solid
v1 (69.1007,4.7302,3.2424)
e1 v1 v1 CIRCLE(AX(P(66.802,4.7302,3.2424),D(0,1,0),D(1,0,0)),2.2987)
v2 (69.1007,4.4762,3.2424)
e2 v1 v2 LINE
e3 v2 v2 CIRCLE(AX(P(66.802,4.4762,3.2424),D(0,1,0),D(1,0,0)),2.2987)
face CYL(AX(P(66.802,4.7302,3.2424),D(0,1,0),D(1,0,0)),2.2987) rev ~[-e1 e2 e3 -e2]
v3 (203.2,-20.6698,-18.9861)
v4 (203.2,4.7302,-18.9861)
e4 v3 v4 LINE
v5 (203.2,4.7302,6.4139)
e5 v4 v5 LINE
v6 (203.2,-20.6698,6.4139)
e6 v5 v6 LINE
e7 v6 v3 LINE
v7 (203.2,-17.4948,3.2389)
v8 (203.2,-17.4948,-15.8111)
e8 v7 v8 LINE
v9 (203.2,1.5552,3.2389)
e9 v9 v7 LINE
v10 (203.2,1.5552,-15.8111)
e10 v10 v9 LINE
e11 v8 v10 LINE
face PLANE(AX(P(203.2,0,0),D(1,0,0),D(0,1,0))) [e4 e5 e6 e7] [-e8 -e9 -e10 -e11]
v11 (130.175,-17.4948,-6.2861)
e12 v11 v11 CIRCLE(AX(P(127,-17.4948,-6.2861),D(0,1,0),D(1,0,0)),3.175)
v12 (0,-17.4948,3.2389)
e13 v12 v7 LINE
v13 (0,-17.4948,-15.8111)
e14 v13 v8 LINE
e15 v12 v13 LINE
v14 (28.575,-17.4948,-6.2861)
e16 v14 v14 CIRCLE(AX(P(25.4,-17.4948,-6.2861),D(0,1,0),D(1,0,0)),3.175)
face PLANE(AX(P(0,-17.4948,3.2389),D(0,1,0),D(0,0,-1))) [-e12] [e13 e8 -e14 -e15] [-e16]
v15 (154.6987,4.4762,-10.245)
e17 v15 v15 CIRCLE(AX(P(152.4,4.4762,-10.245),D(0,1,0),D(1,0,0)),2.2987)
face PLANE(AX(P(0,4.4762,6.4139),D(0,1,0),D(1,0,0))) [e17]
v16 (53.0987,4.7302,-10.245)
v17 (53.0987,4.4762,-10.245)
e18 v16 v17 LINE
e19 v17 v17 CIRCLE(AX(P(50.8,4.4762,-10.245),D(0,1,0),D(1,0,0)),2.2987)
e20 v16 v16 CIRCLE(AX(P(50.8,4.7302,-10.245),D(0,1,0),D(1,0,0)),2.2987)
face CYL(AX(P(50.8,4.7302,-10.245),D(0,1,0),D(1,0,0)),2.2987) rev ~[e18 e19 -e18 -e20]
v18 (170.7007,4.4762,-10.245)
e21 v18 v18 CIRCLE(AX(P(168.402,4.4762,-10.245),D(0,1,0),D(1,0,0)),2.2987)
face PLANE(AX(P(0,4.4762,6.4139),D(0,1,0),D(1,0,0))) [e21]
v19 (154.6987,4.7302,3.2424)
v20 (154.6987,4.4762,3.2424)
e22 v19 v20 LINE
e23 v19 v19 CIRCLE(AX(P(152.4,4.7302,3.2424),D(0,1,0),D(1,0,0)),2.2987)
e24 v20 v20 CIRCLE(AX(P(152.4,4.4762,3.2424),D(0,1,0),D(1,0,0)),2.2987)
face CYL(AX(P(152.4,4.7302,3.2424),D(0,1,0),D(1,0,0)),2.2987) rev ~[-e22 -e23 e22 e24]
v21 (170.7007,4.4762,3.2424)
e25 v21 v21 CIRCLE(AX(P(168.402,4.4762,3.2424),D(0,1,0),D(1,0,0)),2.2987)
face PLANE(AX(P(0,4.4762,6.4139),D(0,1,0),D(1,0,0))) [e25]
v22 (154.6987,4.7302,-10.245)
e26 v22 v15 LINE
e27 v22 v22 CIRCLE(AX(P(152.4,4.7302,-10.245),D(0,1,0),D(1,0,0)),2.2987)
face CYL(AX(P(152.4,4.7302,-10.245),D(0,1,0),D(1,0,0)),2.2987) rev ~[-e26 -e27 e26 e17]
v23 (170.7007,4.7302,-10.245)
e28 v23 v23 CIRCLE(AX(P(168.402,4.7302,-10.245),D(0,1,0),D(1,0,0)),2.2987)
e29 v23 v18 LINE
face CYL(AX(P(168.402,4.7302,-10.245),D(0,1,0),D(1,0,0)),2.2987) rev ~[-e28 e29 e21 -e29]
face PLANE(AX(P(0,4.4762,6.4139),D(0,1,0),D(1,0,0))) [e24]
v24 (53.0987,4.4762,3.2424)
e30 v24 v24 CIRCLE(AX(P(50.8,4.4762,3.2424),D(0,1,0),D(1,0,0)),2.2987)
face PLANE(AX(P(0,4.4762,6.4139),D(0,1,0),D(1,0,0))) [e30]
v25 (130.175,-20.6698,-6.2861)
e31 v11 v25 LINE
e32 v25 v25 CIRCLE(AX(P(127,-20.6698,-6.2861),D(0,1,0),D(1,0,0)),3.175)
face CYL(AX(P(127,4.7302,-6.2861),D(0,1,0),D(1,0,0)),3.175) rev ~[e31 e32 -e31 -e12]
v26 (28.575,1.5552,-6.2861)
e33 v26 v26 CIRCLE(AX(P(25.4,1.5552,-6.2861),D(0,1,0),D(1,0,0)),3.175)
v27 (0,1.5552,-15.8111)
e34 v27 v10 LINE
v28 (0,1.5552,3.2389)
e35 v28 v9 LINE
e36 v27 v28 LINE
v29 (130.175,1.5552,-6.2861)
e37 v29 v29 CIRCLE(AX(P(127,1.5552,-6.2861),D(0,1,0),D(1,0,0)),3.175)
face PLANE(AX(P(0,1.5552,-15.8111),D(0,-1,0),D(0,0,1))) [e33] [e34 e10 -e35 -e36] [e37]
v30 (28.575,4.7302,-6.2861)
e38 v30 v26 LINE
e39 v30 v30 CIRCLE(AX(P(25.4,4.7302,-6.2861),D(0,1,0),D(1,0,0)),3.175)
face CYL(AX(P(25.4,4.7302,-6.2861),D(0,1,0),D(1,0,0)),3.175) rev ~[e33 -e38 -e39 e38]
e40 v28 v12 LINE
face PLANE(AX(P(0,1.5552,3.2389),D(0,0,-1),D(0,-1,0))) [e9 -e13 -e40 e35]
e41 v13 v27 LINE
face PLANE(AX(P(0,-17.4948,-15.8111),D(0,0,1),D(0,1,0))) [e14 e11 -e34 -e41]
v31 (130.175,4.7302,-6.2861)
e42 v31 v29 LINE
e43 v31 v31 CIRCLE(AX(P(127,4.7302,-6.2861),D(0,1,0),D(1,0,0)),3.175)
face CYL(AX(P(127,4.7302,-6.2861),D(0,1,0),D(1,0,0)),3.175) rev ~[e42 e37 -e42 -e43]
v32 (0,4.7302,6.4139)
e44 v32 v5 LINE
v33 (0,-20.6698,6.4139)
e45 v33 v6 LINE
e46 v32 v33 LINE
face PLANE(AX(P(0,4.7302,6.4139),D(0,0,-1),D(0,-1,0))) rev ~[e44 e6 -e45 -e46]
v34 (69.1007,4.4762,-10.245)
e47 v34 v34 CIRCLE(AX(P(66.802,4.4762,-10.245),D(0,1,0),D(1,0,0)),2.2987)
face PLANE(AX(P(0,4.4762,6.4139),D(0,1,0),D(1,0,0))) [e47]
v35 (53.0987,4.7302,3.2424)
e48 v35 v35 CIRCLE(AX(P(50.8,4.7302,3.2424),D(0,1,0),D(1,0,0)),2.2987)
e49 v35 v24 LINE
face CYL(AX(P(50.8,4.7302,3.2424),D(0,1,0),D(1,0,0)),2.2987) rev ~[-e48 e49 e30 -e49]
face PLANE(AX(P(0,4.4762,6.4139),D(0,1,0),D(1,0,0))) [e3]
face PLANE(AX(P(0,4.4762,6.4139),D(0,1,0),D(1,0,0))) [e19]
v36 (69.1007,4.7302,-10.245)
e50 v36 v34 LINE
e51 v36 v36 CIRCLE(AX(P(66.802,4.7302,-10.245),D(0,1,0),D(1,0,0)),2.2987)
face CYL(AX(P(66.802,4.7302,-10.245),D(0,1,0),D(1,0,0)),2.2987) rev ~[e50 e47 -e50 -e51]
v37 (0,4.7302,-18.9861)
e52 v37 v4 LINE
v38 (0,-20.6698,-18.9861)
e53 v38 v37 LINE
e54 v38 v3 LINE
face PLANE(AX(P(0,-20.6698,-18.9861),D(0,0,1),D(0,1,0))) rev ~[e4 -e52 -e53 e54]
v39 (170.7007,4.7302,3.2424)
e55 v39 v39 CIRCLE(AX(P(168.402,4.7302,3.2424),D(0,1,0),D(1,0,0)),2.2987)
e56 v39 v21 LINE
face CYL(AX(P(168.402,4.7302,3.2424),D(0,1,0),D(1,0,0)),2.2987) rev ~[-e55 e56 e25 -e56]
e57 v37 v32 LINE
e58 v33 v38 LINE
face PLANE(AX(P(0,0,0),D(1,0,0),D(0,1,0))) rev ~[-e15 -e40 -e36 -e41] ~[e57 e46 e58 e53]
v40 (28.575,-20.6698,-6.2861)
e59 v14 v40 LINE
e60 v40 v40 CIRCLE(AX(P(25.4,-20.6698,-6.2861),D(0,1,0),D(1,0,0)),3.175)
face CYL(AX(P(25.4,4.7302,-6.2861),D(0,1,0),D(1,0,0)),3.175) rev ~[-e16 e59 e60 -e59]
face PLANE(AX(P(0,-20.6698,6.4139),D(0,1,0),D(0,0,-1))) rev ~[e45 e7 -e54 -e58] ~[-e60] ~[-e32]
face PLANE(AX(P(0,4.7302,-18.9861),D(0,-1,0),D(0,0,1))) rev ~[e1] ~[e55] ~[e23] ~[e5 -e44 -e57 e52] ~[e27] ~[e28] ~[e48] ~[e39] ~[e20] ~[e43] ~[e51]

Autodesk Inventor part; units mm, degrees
ref_plane "YZ Plane" through (0, 0, 0) normal (1, 0, 0) x (0, 1, 0)
ref_plane "XZ Plane" through (0, 0, 0) normal (0, 1, 0) x (-1, 0, 0)
ref_plane "XY Plane" through (0, 0, 0) normal (0, 0, 1) x (1, 0, 0)
sketch "Sketch1" plane through (0, 0, 0) normal (1, 0, 0) x (0, 1, 0)
  line L0 (4.7302, 6.4139) -> (-20.6698, 6.4139)
  line L1 (-20.6698, 6.4139) -> (-20.6698, -18.9861)
  line L2 (-20.6698, -18.9861) -> (4.7302, -18.9861)
  line L3 (4.7302, -18.9861) -> (4.7302, 6.4139)
  line L4 (1.5552, 3.2389) -> (-17.4948, 3.2389)
  line L5 (-17.4948, 3.2389) -> (-17.4948, -15.8111)
  line L6 (-17.4948, -15.8111) -> (1.5552, -15.8111)
  line L7 (1.5552, -15.8111) -> (1.5552, 3.2389)
  point P0 (0, 0)
  dimension "d0" = 25.4
  dimension "d1" = 25.4
  dimension "d2" = 3.175
extrude "Extrusion1" add sketch "Sketch1" along normal blind 203.2
sketch "Sketch2" plane through (0, 4.7302, 6.4139) normal (0, 1, 0) x (1, 0, 0)
  line L0 (0, 3.175) -> (0, 22.225) projected
  circle A0 centre (25.4, 12.7) radius 3.175
  circle A1 centre (127, 12.7) radius 3.175
  point P0 (0, 6.4139)
  dimension "d6" = 6.35
  dimension "d8" = 6.35
extrude "Extrusion2" cut sketch "Sketch2" against normal blind 203.2
sketch "Sketch3" plane through (0, 4.7302, 6.4139) normal (0, 1, 0) x (1, 0, 0)
  line L0 (0, 25.4) -> (203.2, 25.4) projected
  line L1 (0, 22.225) -> (0, 3.175) projected
  circle A0 centre (66.802, 16.6589) radius 2.2987
  circle A1 centre (66.802, 3.1715) radius 2.2987
  circle A2 centre (50.8, 3.1715) radius 2.2987
  circle A3 centre (152.4, 16.6589) radius 2.2987
  circle A4 centre (152.4, 3.1715) radius 2.2987
  circle A5 centre (168.402, 3.1715) radius 2.2987
  circle A6 centre (168.402, 16.6589) radius 2.2987
  circle A7 centre (50.8, 16.6589) radius 2.2987
  point P0 (0, 6.4139)
extrude "Extrusion3" cut sketch "Sketch3" against normal blind 0.254
properties part number "Zero Twosday"
